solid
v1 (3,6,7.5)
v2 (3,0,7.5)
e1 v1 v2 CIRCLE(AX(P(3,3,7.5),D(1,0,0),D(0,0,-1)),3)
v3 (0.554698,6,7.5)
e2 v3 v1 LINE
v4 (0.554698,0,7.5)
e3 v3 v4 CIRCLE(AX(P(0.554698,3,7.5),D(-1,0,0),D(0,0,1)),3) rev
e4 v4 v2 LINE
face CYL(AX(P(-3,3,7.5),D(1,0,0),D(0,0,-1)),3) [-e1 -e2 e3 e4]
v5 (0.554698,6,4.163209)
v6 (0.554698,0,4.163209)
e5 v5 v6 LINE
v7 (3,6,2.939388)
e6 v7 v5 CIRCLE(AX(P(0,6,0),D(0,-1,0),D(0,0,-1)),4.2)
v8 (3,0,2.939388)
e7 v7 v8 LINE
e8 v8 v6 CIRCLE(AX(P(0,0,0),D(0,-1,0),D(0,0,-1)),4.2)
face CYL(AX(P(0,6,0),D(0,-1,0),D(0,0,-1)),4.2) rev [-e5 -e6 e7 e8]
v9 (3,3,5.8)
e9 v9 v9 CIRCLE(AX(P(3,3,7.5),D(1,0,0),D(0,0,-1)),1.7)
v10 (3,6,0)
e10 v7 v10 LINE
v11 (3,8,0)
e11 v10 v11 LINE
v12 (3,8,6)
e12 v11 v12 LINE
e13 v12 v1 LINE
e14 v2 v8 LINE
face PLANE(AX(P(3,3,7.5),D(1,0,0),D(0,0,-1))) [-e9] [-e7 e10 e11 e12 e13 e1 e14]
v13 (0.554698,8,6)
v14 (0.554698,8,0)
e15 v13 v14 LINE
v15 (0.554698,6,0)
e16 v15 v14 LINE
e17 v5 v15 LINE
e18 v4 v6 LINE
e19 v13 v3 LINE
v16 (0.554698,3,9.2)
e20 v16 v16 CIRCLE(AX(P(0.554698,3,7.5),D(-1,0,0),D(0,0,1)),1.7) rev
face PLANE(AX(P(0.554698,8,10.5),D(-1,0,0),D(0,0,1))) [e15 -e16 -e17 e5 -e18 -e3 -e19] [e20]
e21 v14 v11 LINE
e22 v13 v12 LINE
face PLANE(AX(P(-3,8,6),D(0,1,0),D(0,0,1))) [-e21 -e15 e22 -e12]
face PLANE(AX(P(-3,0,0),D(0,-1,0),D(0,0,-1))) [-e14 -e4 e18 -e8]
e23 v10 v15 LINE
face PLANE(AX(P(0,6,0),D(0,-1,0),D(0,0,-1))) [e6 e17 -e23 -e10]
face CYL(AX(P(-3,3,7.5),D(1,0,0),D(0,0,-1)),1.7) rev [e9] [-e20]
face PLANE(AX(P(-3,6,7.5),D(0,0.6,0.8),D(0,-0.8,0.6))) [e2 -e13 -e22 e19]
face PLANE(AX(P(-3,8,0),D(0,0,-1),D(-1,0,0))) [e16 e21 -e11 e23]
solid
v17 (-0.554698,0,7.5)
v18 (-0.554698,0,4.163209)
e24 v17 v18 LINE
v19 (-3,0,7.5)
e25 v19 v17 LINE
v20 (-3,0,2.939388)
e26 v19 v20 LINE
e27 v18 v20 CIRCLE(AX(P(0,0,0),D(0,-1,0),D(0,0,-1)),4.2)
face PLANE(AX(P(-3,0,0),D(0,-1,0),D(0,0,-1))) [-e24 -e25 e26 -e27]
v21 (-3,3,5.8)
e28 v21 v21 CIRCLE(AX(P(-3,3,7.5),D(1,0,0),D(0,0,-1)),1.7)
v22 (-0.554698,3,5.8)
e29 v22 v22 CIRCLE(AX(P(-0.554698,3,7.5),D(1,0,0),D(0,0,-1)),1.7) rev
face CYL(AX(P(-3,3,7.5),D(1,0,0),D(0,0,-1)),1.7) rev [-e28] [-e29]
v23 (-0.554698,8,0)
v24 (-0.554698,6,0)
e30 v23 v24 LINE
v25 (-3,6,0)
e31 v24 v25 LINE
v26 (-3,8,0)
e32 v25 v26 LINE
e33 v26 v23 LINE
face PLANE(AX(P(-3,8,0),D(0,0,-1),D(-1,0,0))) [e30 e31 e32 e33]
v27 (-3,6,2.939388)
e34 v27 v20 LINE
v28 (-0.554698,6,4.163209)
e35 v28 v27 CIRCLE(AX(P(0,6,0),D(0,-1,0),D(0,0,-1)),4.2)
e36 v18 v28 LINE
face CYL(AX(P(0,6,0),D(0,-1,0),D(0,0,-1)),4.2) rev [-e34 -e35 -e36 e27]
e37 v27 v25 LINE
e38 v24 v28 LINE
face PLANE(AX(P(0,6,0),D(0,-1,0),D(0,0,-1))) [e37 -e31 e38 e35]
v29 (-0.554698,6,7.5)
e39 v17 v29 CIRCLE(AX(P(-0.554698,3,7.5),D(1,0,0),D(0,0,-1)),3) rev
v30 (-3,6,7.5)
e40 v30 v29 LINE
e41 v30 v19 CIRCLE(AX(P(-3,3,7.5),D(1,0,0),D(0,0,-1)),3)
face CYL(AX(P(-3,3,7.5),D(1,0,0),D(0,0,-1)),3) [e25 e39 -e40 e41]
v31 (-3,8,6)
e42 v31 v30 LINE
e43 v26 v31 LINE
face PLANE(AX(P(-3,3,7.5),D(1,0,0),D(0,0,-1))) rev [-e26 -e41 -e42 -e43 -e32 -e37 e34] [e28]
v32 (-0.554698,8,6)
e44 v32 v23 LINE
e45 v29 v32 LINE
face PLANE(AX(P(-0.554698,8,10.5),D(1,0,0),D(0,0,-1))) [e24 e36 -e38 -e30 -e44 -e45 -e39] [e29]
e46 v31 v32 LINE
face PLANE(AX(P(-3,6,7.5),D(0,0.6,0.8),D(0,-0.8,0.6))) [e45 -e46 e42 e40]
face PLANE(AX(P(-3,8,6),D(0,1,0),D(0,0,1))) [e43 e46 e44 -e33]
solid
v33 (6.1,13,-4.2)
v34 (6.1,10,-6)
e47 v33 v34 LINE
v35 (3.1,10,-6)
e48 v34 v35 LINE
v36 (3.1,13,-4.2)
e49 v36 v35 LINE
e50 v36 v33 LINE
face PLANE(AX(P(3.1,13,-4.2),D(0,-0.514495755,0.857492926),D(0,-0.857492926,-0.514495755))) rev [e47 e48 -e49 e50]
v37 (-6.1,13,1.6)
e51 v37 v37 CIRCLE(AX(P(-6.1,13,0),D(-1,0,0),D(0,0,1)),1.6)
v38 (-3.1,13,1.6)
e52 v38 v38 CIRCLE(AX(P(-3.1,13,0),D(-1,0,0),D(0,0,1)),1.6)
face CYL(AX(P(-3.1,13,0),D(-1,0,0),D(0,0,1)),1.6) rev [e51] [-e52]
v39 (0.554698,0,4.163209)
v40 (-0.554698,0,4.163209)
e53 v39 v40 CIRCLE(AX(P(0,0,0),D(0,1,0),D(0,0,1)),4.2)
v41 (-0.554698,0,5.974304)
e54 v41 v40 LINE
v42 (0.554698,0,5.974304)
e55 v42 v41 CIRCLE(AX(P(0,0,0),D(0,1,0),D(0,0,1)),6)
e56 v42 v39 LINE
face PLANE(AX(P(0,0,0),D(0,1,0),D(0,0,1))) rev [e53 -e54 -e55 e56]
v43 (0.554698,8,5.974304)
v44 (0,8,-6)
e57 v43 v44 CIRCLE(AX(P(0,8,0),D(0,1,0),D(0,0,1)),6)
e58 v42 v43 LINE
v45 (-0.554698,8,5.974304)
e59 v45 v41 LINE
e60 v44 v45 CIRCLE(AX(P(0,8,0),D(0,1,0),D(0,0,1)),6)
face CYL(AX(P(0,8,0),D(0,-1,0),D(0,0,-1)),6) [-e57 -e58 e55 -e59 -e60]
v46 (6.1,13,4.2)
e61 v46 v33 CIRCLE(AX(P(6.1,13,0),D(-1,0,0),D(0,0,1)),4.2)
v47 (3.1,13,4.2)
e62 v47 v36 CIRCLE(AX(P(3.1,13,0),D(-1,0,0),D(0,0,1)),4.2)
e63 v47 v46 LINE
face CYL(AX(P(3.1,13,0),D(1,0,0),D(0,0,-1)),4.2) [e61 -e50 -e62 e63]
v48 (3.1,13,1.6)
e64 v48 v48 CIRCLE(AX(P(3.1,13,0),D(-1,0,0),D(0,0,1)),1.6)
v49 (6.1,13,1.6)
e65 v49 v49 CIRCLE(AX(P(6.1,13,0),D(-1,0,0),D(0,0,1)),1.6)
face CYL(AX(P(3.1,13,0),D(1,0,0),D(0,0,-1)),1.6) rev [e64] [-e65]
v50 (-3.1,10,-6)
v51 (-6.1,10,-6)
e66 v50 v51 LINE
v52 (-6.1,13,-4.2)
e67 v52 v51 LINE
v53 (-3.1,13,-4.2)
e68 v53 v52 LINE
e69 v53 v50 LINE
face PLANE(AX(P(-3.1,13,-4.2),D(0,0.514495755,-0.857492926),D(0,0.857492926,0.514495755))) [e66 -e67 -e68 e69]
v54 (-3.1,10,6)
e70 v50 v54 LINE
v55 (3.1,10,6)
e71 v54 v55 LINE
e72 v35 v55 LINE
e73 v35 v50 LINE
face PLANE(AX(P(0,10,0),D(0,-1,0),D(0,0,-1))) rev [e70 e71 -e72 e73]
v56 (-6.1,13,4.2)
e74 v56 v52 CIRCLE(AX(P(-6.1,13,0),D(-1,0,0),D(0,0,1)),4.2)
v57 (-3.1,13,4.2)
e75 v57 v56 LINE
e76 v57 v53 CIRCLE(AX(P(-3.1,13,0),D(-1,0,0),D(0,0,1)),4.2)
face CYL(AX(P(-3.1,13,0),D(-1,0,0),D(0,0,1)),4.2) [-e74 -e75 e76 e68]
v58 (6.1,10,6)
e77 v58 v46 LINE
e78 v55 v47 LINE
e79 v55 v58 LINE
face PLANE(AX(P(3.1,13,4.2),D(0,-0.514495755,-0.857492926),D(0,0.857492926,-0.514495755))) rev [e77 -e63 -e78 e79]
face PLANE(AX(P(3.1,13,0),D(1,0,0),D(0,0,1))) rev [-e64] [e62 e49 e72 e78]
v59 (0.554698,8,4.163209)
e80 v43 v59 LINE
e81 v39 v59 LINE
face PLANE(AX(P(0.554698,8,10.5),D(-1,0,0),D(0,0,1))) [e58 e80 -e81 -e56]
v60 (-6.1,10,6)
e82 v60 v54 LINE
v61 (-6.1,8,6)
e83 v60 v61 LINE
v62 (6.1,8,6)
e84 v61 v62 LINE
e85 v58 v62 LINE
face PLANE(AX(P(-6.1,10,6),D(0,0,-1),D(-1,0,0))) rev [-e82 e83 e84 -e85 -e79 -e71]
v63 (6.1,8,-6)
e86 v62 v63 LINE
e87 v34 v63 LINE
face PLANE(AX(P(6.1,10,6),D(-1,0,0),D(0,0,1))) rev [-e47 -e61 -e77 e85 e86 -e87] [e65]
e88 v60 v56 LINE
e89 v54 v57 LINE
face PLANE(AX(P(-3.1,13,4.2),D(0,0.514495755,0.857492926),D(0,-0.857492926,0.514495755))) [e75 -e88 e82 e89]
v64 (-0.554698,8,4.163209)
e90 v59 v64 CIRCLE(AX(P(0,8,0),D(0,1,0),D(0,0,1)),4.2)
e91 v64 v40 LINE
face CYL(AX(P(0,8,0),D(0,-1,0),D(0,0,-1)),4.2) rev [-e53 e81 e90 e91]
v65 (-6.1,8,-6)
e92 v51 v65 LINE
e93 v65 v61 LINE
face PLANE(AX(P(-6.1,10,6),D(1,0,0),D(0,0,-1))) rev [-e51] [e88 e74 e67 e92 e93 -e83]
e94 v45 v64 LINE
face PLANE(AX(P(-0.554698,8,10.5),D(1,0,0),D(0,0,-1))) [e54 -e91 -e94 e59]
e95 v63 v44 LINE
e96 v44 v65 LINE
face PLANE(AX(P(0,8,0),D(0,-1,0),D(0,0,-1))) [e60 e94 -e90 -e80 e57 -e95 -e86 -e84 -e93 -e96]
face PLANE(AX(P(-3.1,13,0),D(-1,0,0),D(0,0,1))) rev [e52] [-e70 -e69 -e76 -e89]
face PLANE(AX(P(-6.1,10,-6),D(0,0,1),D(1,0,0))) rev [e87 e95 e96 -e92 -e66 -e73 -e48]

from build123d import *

# Parameters (mm, degrees)
SKETCH_1_R           = 6
SKETCH_1_R_2         = 4.2
EXTRUDE_1_DEPTH      = 8
SKETCH_2_W           = 12.2
SKETCH_2_H           = 12
EXTRUDE_2_DEPTH      = 2
SKETCH_3_R           = 1.6
EXTRUDE_3_DEPTH      = 3
EXTRUDE_4_DEPTH      = 3
EXTRUDE_4_DEPTH_BACK = 3
SKETCH_4_R           = 1.7
SKETCH_5_R           = 4.2
CUT_EXTRUDE_1_DEPTH  = 6
SKETCH_6_W           = 1.109396916
SKETCH_6_H           = 8
CUT_EXTRUDE_2_DEPTH  = 22.054690689


with BuildPart() as part:
    # 草图1 → 凸台-拉伸1 (new body)
    with BuildSketch(Plane(origin=(0, 0, 0), x_dir=(1, 0, 0), z_dir=(0, 1, 0))):
        with Locations(Location((0, 0, 0), (0, 0, 270))):
            Circle(SKETCH_1_R)
        with Locations(Location((0, 0, 0), (0, 0, 270))):
            Circle(SKETCH_1_R_2, mode=Mode.SUBTRACT)
    extrude(amount=EXTRUDE_1_DEPTH)

    # 草图2 → 凸台-拉伸2 (add)
    with BuildSketch(Plane(origin=(0, 8, 0), x_dir=(1, 0, 0), z_dir=(0, 1, 0))):
        Rectangle(SKETCH_2_W, SKETCH_2_H)
    extrude_2 = extrude(amount=EXTRUDE_2_DEPTH)

    # 草图3 → 凸台-拉伸3 (add)
    with BuildSketch(Plane.ZY.offset(6.1)):
        with BuildLine():
            Line((-6, 10), (6, 10))
            Line((6, 10), (4.2, 13))
            ThreePointArc((4.2, 13), (0, 17.2), (-4.2, 13))
            Line((-4.2, 13), (-6, 10))
        make_face()
        with Locations((0, 13)):
            Circle(SKETCH_3_R, mode=Mode.SUBTRACT)
    extrude_3 = extrude(amount=-EXTRUDE_3_DEPTH)

    # 镜向1: 凸台-拉伸2, 凸台-拉伸3 across plane
    add(extrude_2.mirror(Plane(origin=(0, 0, 0), x_dir=(0, 0, 1), z_dir=(1, 0, 0))))
    add(extrude_3.mirror(Plane(origin=(0, 0, 0), x_dir=(0, 0, 1), z_dir=(1, 0, 0))))


with BuildPart() as body_2:
    # 草图4 → 凸台-拉伸4 (new, two sides: drawn at the far end of the back side and taken through both)
    with BuildSketch(Plane(origin=(0, 0, 0), x_dir=(0, 0, -1), z_dir=(1, 0, 0)).offset(-EXTRUDE_4_DEPTH_BACK)):
        with BuildLine():
            Line((-6, 8), (0, 8))
            Line((0, 8), (0, 0))
            Line((0, 0), (-7.5, 0))
            ThreePointArc((-7.5, 0), (-10.5, 3), (-7.5, 6))
            Line((-7.5, 6), (-6, 8))
        make_face()
        with Locations((-7.5, 3)):
            Circle(SKETCH_4_R, mode=Mode.SUBTRACT)
    extrude(amount=EXTRUDE_4_DEPTH + EXTRUDE_4_DEPTH_BACK)

    # 草图5 → 切除-拉伸1 (cut)
    with BuildSketch(Plane.XZ):
        with Locations(Location((0, 0, 0), (0, 0, 90))):
            Circle(SKETCH_5_R)
    extrude(amount=-CUT_EXTRUDE_1_DEPTH, mode=Mode.SUBTRACT)


with BuildPart() as cut_extrude_2_tool:
    # 草图6 → 切除-拉伸2 (new, through all)
    with BuildSketch(Plane.XY):
        with Locations((0, 4)):
            Rectangle(SKETCH_6_W, SKETCH_6_H)
    extrude(amount=CUT_EXTRUDE_2_DEPTH)


with BuildPart() as part_1:
    add(part.part)

    # 切除-拉伸2: cut by cut_extrude_2_tool
    add(cut_extrude_2_tool.part, mode=Mode.SUBTRACT)


with BuildPart() as body_2_1:
    add(body_2.part)

    # 切除-拉伸2: cut by cut_extrude_2_tool
    add(cut_extrude_2_tool.part, mode=Mode.SUBTRACT)


solid = Compound([part_1.part, body_2_1.part])
